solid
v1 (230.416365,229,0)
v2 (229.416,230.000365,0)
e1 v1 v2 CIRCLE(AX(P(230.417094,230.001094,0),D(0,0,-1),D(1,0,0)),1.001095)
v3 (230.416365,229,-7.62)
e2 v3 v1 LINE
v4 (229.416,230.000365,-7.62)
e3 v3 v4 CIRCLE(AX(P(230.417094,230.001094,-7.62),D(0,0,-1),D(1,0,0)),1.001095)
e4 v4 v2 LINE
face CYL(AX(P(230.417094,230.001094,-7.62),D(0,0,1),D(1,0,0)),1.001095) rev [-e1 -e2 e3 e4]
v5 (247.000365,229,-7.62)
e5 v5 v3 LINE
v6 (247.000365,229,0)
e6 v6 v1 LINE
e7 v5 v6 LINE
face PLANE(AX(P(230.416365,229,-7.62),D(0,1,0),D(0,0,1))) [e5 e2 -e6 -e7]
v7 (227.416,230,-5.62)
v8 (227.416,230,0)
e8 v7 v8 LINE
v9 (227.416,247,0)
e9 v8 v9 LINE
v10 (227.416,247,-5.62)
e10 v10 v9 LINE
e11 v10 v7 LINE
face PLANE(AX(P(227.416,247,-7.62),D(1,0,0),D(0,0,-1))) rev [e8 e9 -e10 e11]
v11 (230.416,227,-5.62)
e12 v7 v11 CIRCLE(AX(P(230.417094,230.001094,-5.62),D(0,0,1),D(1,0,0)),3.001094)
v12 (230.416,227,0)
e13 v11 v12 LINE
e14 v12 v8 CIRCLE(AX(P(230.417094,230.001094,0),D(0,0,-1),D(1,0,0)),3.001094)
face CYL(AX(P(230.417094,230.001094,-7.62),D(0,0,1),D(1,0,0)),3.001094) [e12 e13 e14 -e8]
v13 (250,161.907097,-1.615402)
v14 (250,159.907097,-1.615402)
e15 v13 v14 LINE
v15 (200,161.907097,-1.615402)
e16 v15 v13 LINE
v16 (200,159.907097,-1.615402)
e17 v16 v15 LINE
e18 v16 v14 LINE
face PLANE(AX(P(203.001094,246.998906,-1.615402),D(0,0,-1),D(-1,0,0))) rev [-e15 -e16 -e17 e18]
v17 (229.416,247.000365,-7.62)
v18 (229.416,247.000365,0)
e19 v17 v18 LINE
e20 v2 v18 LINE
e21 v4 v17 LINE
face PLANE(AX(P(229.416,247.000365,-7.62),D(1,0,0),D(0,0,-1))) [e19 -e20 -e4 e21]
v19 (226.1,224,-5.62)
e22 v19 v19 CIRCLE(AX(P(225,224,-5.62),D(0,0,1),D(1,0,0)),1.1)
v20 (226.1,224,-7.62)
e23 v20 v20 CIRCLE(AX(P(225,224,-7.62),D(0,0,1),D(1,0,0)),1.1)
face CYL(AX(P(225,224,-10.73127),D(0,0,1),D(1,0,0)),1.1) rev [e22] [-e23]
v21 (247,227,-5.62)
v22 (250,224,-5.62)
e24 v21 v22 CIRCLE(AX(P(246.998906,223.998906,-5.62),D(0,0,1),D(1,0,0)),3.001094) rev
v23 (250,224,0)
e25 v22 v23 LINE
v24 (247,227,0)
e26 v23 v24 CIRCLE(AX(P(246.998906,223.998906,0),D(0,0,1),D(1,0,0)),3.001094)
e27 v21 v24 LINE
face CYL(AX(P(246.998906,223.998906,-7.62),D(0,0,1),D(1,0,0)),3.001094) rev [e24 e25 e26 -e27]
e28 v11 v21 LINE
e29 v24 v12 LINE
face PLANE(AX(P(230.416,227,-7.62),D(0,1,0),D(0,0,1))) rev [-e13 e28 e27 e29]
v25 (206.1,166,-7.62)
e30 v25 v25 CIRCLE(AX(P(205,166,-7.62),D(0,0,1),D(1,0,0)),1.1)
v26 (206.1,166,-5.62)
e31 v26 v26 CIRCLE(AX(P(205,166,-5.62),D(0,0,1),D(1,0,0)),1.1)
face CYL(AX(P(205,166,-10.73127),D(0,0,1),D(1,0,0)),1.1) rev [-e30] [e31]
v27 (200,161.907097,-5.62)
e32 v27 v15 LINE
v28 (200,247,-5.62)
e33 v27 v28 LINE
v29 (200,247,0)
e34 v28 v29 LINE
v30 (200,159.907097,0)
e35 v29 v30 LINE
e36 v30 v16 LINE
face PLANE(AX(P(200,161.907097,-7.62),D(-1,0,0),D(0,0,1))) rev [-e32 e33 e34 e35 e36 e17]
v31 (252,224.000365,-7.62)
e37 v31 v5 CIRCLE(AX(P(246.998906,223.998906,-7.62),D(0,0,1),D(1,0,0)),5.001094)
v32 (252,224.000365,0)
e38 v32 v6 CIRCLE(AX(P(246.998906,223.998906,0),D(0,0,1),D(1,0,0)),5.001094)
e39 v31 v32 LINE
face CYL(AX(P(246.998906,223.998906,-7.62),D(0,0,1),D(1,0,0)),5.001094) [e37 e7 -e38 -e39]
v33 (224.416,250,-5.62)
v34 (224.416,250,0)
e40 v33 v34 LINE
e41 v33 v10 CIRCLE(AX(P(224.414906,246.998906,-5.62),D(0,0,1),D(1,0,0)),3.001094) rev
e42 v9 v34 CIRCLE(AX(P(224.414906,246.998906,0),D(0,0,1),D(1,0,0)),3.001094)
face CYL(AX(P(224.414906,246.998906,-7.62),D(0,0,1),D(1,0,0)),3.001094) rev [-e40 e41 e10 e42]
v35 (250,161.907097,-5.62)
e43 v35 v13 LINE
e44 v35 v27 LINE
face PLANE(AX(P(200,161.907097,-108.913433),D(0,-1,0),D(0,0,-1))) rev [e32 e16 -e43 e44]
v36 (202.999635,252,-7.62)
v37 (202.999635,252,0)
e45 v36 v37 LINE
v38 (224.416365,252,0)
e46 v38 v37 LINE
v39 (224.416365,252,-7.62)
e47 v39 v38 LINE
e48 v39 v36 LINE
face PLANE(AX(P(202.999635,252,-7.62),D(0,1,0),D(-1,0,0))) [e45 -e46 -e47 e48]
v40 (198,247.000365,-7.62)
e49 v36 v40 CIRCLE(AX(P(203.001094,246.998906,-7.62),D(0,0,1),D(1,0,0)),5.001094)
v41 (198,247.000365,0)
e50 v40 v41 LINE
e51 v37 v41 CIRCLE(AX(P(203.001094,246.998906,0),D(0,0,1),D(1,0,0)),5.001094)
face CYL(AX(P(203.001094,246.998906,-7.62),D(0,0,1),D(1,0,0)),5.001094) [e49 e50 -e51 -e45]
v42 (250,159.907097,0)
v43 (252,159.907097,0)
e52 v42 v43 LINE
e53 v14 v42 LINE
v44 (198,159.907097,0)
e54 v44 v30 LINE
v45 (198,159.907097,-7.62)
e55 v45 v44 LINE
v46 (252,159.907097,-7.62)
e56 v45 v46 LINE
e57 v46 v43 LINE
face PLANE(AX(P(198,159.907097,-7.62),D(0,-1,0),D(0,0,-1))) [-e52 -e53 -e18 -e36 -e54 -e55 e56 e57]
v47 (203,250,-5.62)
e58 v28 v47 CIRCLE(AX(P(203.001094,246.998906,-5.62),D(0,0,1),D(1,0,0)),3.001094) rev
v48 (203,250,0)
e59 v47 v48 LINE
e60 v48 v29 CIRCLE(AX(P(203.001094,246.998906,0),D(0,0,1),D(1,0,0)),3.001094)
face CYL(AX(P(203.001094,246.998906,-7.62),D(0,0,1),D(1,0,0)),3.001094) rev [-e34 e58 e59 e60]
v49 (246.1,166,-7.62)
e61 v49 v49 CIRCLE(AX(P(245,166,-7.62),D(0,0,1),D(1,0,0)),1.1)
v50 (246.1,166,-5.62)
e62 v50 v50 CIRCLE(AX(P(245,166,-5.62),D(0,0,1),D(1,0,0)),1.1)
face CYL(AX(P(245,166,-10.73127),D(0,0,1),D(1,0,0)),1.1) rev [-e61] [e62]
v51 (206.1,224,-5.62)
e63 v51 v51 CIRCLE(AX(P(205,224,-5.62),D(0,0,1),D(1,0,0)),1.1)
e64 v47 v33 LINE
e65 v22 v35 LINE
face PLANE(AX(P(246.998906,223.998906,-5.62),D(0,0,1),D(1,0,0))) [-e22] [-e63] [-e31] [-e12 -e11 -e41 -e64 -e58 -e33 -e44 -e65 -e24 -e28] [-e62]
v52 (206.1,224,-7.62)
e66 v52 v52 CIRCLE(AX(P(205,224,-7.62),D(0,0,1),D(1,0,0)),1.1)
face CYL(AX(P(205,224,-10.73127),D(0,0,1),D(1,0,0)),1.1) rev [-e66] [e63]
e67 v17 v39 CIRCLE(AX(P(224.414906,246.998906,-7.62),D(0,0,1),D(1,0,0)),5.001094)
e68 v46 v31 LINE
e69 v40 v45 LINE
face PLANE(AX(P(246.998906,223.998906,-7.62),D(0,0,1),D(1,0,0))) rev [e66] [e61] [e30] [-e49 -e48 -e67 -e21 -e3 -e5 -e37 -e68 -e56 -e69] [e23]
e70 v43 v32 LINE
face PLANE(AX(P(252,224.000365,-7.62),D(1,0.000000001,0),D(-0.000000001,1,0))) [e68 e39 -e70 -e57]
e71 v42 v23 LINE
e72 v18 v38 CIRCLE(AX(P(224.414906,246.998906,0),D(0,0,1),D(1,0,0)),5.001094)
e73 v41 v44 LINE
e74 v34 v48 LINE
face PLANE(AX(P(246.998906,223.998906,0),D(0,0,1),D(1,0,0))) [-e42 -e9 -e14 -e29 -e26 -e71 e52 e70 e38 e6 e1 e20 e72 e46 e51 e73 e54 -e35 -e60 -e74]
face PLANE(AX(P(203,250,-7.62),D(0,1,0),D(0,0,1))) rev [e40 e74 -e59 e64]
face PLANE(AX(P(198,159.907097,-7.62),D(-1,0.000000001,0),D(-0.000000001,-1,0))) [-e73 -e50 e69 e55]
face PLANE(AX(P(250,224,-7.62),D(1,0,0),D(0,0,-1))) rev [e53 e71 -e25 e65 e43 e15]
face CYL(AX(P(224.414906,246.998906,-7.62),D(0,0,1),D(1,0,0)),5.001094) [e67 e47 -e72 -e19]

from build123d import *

# Parameters (mm, degrees)
BOSS_EXTRUDE1_DEPTH = 7.62
BOSS_EXTRUDE2_DEPTH = 6.004598
SKETCH12_R          = 2.1
SKETCH12_R_2        = 1.1
BOSS_EXTRUDE5_DEPTH = 6.0045981
SKETCH13_R          = 1.1
CUT_EXTRUDE5_DEPTH  = 6.0045981
SKETCH11_W          = 50
SKETCH11_H          = 1.6154019
CUT_EXTRUDE6_DEPTH  = 2
CUT_EXTRUDE7_DEPTH  = 4.0045981


with BuildPart() as part:
    # Sketch3 → Boss-Extrude1 (new body)
    with BuildSketch(Plane.XY):
        with BuildLine():
            Line((251.999999934, 224.000364601), (252, 159.907096774))
            Line((252, 159.907096774), (198, 159.907096774))
            Line((198, 159.907096774), (198.000000066, 247.000364601))
            ThreePointArc((198.000000066, 247.000364601), (199.464786475, 250.535213525), (202.999635399, 251.999999934))
            Line((202.999635399, 251.999999934), (224.416364601, 251.999999934))
            ThreePointArc((224.416364601, 251.999999934), (227.951213525, 250.535213525), (229.415999934, 247.000364601))
            Line((229.415999934, 247.000364601), (229.415999934, 230.000364601))
            ThreePointArc((229.415999934, 230.000364601), (229.709213468, 229.293213468), (230.416364601, 228.999999934))
            Line((230.416364601, 228.999999934), (247.000364601, 228.999999934))
            ThreePointArc((247.000364601, 228.999999934), (250.535213525, 227.535213525), (251.999999934, 224.000364601))
        make_face()
        with BuildLine():
            Line((200, 161.907096774), (250, 161.907096774))
            Line((250, 161.907096774), (250, 224))
            ThreePointArc((250, 224), (249.121, 226.121), (247, 227))
            Line((247, 227), (230.416, 227))
            ThreePointArc((230.416, 227), (228.295, 227.879), (227.416, 230))
            Line((227.416, 230), (227.416, 247))
            ThreePointArc((227.416, 247), (226.537, 249.121), (224.416, 250))
            Line((224.416, 250), (203, 250))
            ThreePointArc((203, 250), (200.879, 249.121), (200, 247))
            Line((200, 247), (200, 161.907096774))
        make_face(mode=Mode.SUBTRACT)
    extrude(amount=-BOSS_EXTRUDE1_DEPTH)



with BuildPart() as body_2:
    # Sketch5 → Boss-Extrude2 (new body)
    with BuildSketch(Plane(origin=(0, 0, -1.6154019), x_dir=(-1, 0, 0), z_dir=(0, 0, -1))):
        with BuildLine():
            Line((-200, 161.907096774), (-250, 161.907096774))
            Line((-250, 161.907096774), (-250, 224))
            ThreePointArc((-250, 224), (-249.121, 226.121), (-247, 227))
            Line((-247, 227), (-230.416, 227))
            ThreePointArc((-230.416, 227), (-228.295, 227.879), (-227.416, 230))
            Line((-227.416, 230), (-227.416, 247))
            ThreePointArc((-227.416, 247), (-226.537, 249.121), (-224.416, 250))
            Line((-224.416, 250), (-203, 250))
            ThreePointArc((-203, 250), (-200.879, 249.121), (-200, 247))
            Line((-200, 247), (-200, 161.907096774))
        make_face()
    extrude(amount=BOSS_EXTRUDE2_DEPTH)


with BuildPart() as part_1:
    add(part.part)

    add(body_2.part)  # Boss-Extrude5 merges body 2
    # Sketch12 → Boss-Extrude5 (add)
    # profile 1 of 4: a face of its own
    with BuildSketch(Plane(origin=(0, 0, -1.6154019), x_dir=(-1, 0, 0), z_dir=(0, 0, -1))):
        with Locations((-245, 166)):
            Circle(SKETCH12_R)
        with Locations((-245, 166)):
            Circle(SKETCH12_R_2, mode=Mode.SUBTRACT)
    # profile 2 of 4: a face of its own
    with BuildSketch(Plane(origin=(0, 0, -1.6154019), x_dir=(-1, 0, 0), z_dir=(0, 0, -1))):
        with Locations((-205, 166)):
            Circle(SKETCH12_R)
        with Locations((-205, 166)):
            Circle(SKETCH12_R_2, mode=Mode.SUBTRACT)
    # profile 3 of 4: a face of its own
    with BuildSketch(Plane(origin=(0, 0, -1.6154019), x_dir=(-1, 0, 0), z_dir=(0, 0, -1))):
        with Locations((-225, 224)):
            Circle(SKETCH12_R)
        with Locations((-225, 224)):
            Circle(SKETCH12_R_2, mode=Mode.SUBTRACT)
    # profile 4 of 4: a face of its own
    with BuildSketch(Plane(origin=(0, 0, -1.6154019), x_dir=(-1, 0, 0), z_dir=(0, 0, -1))):
        with Locations((-205, 224)):
            Circle(SKETCH12_R)
        with Locations((-205, 224)):
            Circle(SKETCH12_R_2, mode=Mode.SUBTRACT)
    extrude(amount=BOSS_EXTRUDE5_DEPTH)

    # Sketch13 → Cut-Extrude5 (cut)
    with BuildSketch(Plane(origin=(0, 0, -1.6154019), x_dir=(-1, 0, 0), z_dir=(0, 0, -1))):
        with Locations(Location((-225, 224, 0), (0, 0, 180))):
            Circle(SKETCH13_R)
        with Locations(Location((-205, 224, 0), (0, 0, 180))):
            Circle(SKETCH13_R)
        with Locations(Location((-205, 166, 0), (0, 0, 180))):
            Circle(SKETCH13_R)
        with Locations(Location((-245, 166, 0), (0, 0, 180))):
            Circle(SKETCH13_R)
    extrude(amount=CUT_EXTRUDE5_DEPTH, mode=Mode.SUBTRACT)

    # Sketch11 → Cut-Extrude6 (cut)
    with BuildSketch(Plane.XZ.offset(-159.907096774)):
        with Locations((225, -0.80770095)):
            Rectangle(SKETCH11_W, SKETCH11_H)
    extrude(amount=-CUT_EXTRUDE6_DEPTH, mode=Mode.SUBTRACT)

    # Sketch9 → Cut-Extrude7 (cut)
    with BuildSketch(Plane.XY.offset(-1.6154019)):
        with BuildLine():
            Line((200, 161.907096774), (250, 161.907096774))
            Line((250, 161.907096774), (250, 224))
            ThreePointArc((250, 224), (249.121, 226.121), (247, 227))
            Line((247, 227), (230.416, 227))
            ThreePointArc((230.416, 227), (228.295, 227.879), (227.416, 230))
            Line((227.416, 230), (227.416, 247))
            ThreePointArc((227.416, 247), (226.537, 249.121), (224.416, 250))
            Line((224.416, 250), (203, 250))
            ThreePointArc((203, 250), (200.879, 249.121), (200, 247))
            Line((200, 247), (200, 161.907096774))
        make_face()
    extrude(amount=-CUT_EXTRUDE7_DEPTH, mode=Mode.SUBTRACT)


solid = part_1.part
